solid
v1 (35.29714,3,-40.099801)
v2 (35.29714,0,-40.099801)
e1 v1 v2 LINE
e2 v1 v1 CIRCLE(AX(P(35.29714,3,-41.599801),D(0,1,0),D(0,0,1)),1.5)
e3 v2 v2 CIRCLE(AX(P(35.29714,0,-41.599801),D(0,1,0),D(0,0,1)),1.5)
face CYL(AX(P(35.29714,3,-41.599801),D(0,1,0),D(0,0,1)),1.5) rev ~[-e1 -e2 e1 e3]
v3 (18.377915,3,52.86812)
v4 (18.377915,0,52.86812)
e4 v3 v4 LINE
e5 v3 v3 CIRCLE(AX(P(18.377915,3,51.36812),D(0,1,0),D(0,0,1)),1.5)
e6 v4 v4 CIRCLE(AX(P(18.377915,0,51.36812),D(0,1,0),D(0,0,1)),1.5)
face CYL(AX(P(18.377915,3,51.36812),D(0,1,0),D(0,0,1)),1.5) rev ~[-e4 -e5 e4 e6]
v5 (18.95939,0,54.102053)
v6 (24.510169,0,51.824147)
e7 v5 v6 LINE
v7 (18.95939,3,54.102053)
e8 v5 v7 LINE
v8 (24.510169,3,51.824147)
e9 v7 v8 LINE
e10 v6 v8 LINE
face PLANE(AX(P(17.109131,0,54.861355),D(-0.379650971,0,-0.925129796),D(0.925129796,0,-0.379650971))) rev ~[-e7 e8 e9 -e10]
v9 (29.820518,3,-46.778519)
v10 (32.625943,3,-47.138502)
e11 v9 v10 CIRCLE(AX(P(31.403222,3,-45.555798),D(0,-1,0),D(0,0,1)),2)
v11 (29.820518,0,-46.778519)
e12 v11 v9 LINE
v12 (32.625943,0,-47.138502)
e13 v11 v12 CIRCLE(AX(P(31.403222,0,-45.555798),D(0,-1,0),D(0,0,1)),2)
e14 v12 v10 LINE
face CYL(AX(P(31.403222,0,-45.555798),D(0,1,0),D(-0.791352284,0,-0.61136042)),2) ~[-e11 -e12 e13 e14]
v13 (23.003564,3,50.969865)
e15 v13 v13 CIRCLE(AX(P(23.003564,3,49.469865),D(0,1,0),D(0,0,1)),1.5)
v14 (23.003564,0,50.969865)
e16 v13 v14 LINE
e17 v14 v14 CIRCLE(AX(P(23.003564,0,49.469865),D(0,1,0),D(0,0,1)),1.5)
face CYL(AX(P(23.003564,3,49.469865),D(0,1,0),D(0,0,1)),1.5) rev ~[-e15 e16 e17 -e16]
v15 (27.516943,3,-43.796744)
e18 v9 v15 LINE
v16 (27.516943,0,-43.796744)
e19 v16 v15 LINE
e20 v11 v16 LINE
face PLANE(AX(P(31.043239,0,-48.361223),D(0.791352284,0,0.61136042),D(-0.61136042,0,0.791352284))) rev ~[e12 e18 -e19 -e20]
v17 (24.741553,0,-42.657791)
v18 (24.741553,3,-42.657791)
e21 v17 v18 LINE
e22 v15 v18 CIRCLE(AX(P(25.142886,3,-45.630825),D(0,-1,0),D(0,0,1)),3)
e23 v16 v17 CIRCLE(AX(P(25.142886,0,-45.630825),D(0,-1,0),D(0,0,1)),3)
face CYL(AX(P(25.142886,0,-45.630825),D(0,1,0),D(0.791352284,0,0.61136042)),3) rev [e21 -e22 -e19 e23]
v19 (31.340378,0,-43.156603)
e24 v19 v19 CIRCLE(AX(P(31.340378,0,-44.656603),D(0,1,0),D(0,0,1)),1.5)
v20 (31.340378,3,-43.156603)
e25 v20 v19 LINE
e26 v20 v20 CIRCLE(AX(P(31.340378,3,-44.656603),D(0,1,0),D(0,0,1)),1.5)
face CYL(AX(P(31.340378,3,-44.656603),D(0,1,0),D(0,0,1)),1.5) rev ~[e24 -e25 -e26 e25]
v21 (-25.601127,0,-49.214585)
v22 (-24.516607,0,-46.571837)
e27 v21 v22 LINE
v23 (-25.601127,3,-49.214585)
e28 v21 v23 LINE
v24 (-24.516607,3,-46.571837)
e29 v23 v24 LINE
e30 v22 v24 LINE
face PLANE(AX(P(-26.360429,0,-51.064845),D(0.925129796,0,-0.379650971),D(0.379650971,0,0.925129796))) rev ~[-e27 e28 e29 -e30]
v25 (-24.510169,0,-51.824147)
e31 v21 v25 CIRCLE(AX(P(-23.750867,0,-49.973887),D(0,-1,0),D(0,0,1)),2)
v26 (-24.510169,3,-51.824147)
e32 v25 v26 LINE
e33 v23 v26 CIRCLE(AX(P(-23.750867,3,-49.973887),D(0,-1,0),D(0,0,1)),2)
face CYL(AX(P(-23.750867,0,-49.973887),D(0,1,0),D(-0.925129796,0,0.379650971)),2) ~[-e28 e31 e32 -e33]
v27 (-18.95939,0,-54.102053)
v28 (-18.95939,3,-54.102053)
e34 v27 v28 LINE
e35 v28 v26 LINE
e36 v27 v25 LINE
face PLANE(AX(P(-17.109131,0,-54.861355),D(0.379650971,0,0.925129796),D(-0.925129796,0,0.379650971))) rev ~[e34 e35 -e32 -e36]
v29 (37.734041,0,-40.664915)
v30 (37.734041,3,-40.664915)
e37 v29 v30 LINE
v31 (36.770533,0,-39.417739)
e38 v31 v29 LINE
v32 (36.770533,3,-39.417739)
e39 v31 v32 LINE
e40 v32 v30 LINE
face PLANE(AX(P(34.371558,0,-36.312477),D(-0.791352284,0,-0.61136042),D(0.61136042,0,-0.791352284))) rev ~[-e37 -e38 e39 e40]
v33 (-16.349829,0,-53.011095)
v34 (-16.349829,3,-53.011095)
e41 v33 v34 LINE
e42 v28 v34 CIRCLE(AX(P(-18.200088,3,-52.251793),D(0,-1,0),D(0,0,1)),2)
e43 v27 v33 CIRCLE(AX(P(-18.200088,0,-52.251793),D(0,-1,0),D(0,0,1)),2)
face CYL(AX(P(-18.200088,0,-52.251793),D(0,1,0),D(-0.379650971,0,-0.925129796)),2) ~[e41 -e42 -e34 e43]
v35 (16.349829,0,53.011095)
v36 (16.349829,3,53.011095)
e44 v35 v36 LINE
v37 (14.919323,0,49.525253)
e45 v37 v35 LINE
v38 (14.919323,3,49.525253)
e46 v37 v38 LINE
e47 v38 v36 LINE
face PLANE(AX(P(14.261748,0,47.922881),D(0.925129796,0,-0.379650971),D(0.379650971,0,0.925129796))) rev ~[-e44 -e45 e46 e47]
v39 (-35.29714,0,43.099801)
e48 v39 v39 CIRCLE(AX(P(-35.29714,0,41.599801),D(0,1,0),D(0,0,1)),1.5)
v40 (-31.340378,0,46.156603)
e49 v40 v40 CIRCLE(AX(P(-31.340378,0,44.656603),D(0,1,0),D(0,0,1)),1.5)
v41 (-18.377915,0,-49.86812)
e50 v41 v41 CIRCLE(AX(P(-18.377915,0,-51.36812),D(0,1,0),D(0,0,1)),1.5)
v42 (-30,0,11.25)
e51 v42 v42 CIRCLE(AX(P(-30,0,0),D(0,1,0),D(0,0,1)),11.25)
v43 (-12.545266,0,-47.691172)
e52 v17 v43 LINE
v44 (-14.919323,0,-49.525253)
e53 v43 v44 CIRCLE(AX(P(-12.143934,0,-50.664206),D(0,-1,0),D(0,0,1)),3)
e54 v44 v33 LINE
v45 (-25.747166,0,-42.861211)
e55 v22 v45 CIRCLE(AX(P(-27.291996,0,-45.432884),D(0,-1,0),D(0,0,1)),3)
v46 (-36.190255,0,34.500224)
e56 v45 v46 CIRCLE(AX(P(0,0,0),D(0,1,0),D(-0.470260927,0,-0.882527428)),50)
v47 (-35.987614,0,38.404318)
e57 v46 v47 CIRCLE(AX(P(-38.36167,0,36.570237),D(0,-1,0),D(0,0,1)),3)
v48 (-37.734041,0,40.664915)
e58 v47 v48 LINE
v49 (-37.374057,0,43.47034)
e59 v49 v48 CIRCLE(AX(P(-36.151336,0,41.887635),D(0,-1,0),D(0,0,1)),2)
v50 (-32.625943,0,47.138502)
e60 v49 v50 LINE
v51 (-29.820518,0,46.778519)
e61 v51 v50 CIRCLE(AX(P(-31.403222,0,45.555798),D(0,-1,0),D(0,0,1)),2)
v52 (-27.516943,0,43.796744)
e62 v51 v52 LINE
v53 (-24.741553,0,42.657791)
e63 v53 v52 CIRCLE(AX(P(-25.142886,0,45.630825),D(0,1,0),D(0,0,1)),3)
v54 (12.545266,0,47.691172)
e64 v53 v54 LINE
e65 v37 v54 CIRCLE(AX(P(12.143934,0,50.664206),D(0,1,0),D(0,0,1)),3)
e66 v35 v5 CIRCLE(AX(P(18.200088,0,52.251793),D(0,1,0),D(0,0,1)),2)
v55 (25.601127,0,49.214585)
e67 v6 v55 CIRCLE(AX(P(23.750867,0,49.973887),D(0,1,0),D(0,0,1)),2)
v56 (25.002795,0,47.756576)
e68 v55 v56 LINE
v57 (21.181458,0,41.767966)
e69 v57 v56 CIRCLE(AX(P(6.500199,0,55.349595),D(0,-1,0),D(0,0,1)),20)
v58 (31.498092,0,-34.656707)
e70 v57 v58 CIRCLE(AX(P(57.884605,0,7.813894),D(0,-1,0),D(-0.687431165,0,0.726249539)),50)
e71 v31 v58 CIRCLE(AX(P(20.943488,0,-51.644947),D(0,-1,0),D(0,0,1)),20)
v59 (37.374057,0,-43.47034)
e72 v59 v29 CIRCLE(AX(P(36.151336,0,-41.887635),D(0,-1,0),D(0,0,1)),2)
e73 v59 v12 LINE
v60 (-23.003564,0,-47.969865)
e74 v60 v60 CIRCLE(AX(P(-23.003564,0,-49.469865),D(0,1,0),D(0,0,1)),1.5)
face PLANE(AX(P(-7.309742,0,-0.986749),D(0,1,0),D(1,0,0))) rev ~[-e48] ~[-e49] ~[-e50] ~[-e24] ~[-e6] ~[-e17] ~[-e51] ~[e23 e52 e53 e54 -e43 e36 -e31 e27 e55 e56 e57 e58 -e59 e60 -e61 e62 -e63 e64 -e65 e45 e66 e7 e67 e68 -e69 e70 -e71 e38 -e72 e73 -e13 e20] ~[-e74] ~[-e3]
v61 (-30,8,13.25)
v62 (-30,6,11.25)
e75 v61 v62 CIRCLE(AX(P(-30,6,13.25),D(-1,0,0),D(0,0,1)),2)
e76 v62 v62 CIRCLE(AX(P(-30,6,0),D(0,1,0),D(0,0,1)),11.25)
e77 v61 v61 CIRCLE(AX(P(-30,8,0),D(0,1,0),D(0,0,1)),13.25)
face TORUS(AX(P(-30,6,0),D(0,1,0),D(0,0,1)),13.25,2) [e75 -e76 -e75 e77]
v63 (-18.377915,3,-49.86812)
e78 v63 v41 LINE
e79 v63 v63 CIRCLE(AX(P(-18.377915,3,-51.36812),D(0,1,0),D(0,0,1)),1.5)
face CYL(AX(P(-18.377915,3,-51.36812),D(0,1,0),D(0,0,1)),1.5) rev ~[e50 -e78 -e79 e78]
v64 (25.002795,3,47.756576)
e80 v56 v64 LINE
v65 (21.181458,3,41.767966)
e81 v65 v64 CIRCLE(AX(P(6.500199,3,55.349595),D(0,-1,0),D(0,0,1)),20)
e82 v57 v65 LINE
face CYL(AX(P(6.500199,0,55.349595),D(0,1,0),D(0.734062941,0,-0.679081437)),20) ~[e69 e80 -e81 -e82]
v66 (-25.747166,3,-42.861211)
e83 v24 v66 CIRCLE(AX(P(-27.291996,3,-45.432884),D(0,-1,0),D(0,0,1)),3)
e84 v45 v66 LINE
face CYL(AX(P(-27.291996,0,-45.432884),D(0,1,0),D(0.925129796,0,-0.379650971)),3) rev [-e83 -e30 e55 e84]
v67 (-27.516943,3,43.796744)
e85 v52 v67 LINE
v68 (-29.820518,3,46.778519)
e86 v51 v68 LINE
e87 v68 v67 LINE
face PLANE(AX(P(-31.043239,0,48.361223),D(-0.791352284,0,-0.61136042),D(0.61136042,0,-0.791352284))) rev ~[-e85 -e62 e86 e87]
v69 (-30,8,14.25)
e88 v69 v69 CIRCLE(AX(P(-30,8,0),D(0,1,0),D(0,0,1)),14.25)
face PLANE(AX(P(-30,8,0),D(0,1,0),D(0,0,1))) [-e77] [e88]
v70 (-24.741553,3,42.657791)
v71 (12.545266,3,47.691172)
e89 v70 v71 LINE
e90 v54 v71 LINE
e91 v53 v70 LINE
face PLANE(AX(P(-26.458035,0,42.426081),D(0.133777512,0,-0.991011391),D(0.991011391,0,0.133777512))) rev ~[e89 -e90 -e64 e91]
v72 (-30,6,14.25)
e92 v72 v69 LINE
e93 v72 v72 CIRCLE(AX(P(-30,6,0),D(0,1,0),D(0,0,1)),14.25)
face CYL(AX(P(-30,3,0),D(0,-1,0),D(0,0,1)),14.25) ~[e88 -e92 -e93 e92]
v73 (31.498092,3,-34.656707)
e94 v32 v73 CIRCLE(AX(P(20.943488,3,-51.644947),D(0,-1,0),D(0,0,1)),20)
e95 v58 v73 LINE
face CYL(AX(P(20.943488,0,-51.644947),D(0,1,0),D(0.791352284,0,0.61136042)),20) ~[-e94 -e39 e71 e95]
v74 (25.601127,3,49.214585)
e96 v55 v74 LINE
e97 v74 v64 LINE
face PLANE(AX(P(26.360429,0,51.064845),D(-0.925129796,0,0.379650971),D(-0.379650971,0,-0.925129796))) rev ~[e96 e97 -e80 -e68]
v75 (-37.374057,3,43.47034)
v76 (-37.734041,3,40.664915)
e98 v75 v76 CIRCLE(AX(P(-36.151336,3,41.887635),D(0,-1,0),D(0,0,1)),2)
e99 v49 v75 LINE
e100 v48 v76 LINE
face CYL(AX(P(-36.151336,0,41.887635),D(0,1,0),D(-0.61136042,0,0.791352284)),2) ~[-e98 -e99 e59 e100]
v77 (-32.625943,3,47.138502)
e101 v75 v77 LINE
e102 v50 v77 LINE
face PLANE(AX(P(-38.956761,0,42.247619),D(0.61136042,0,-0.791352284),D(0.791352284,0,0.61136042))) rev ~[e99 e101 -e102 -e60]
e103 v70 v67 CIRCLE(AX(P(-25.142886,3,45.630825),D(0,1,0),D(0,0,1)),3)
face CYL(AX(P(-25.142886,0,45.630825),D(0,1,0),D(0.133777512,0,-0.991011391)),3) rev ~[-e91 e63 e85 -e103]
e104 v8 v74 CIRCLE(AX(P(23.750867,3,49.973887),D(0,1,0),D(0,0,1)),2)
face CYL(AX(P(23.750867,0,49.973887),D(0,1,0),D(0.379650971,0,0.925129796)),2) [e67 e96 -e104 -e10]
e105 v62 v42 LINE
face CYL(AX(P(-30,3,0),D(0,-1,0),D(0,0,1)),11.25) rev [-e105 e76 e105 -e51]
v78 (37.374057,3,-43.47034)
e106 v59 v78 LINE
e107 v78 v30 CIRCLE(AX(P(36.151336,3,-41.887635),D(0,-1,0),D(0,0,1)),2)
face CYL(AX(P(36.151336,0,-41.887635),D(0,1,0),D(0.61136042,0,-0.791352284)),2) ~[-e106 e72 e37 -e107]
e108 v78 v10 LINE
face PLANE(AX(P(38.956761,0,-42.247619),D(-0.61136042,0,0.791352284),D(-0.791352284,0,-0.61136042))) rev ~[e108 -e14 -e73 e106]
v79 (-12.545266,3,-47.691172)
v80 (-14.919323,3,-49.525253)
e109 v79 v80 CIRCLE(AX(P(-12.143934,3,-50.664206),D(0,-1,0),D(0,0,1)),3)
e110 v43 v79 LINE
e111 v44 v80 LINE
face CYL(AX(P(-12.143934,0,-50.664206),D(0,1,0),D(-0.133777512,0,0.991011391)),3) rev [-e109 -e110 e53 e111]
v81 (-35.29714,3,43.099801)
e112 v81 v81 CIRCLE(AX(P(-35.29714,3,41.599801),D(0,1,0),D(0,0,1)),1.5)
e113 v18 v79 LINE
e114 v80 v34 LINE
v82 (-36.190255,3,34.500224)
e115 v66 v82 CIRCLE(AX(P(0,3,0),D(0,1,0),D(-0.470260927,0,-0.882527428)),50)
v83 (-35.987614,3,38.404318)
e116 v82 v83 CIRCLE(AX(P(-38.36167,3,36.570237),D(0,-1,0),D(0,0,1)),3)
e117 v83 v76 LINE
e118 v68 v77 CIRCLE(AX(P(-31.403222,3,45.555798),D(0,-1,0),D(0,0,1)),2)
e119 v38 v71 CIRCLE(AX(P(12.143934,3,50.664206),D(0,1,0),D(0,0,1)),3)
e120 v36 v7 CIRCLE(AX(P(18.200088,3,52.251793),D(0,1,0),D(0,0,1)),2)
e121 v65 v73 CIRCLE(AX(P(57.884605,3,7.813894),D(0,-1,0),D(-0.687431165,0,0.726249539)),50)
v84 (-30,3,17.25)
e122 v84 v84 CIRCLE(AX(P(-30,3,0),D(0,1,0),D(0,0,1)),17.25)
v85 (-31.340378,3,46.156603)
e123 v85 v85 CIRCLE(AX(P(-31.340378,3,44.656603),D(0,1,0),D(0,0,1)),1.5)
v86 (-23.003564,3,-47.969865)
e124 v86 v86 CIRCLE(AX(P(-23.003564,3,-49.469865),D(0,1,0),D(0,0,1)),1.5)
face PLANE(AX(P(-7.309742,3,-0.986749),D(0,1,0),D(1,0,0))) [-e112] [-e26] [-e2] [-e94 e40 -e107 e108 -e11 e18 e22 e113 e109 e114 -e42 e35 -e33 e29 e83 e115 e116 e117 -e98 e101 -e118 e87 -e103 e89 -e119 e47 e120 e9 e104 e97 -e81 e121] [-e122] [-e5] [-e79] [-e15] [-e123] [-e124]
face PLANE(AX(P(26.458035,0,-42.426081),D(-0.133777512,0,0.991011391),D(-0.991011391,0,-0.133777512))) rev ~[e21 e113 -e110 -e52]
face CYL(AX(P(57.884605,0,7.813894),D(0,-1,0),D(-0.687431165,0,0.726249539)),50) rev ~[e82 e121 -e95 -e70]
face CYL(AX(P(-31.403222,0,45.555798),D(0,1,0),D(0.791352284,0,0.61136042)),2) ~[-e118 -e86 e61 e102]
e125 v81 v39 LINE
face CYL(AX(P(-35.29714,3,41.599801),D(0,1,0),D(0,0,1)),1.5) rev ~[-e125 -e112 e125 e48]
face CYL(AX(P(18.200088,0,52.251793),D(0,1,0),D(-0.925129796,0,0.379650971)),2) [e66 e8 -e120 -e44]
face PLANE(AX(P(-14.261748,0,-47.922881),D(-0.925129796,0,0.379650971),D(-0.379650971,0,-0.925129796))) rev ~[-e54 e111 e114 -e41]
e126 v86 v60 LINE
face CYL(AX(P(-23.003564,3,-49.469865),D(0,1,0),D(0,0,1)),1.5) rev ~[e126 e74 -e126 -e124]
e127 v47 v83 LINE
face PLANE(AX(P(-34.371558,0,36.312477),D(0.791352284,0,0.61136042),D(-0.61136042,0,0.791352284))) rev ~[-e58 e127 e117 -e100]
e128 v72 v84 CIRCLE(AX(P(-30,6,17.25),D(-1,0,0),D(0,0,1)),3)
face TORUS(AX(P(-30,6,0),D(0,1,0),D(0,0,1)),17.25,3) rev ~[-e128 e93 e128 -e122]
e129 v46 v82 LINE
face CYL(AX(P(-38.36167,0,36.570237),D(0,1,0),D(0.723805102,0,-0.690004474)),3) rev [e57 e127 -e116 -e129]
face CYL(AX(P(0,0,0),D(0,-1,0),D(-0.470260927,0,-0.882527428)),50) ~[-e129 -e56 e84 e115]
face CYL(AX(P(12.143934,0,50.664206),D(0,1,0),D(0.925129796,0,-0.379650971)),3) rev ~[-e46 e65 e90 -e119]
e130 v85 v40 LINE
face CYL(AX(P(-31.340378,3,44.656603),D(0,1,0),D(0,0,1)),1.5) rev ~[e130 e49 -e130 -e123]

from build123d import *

# Parameters (mm, degrees)
BOSS_EXTRUDE1_DEPTH   = 3
BOSS_EXTRUDE1_2_DEPTH = 3
BOSS_EXTRUDE1_3_DEPTH = 3
BOSS_EXTRUDE1_4_DEPTH = 3
BOSS_EXTRUDE2_START   = -3
SKETCH2_R             = 11.25
BOSS_EXTRUDE2_DEPTH   = 3
CUT_EXTRUDE1_REACH    = 76.288
SKETCH3_R             = 1.5
FILLET1_R             = 2
SKETCH4_R             = 14.25
SKETCH4_R_2           = 11.25
BOSS_EXTRUDE3_DEPTH   = 5
FILLET3_R             = 2
FILLET2_R             = 3
CUT_EXTRUDE2_REACH    = 76.396
SKETCH6_R             = 1.5
FILLET4_R             = 2
CUT_EXTRUDE3_REACH    = 76.396
SKETCH7_R             = 1.5
FILLET5_R             = 2
CUT_EXTRUDE4_REACH    = 75.948
SKETCH8_R             = 1.5
FILLET6_R             = 2
FILLET7_R             = 3
FILLET8_R             = 20


with BuildPart() as part:
    # Sketch1 → Boss-Extrude1 (new body)
    with BuildSketch(Plane(origin=(0, 0, 0), x_dir=(1, 0, 0), z_dir=(0, 1, 0))):
        with BuildLine():
            Line((-34.371558273, -36.312476945), (-38.95676142, -42.247619075))
            Line((-38.95676142, -42.247619075), (-31.04323858, -48.361223271))
            Line((-31.04323858, -48.361223271), (-26.458035433, -42.426081141))
            ThreePointArc((-26.458035433, -42.426081141), (-30.568020981, -39.567614198), (-34.371558273, -36.312476945))
        make_face()
    extrude(amount=BOSS_EXTRUDE1_DEPTH)



with BuildPart() as body_2:
    # Sketch1 → Boss-Extrude1 2 (new body)
    with BuildSketch(Plane(origin=(0, 0, 0), x_dir=(1, 0, 0), z_dir=(0, 1, 0))):
        with BuildLine():
            Line((14.261748373, -47.922881104), (17.109130658, -54.861354576))
            Line((17.109130658, -54.861354576), (26.360428621, -51.064844862))
            Line((26.360428621, -51.064844862), (23.513046335, -44.12637139))
            ThreePointArc((23.513046335, -44.12637139), (18.982548572, -46.256489812), (14.261748373, -47.922881104))
        make_face()
    extrude(amount=BOSS_EXTRUDE1_2_DEPTH)


with BuildPart() as body_3:
    # Sketch1 → Boss-Extrude1 3 (new body)
    with BuildSketch(Plane(origin=(0, 0, 0), x_dir=(1, 0, 0), z_dir=(0, 1, 0))):
        with BuildLine():
            Line((34.371558273, 36.312476945), (38.95676142, 42.247619075))
            Line((38.95676142, 42.247619075), (31.04323858, 48.361223271))
            Line((31.04323858, 48.361223271), (26.458035433, 42.426081141))
            ThreePointArc((26.458035433, 42.426081141), (30.568020981, 39.567614198), (34.371558273, 36.312476945))
        make_face()
    extrude(amount=BOSS_EXTRUDE1_3_DEPTH)


with BuildPart() as body_4:
    # Sketch1 → Boss-Extrude1 4 (new body)
    with BuildSketch(Plane(origin=(0, 0, 0), x_dir=(1, 0, 0), z_dir=(0, 1, 0))):
        with BuildLine():
            Line((-14.261748373, 47.922881104), (-17.109130658, 54.861354576))
            Line((-17.109130658, 54.861354576), (-26.360428621, 51.064844862))
            Line((-26.360428621, 51.064844862), (-23.513046335, 44.12637139))
            ThreePointArc((-23.513046335, 44.12637139), (-18.982548572, 46.256489812), (-14.261748373, 47.922881104))
        make_face()
    extrude(amount=BOSS_EXTRUDE1_4_DEPTH)


with BuildPart() as part_1:
    add(part.part)

    add(body_2.part)  # Boss-Extrude2 merges body 2

    add(body_3.part)  # Boss-Extrude2 merges body 3

    add(body_4.part)  # Boss-Extrude2 merges body 4
    # Sketch2 → Boss-Extrude2 (add)
    with BuildSketch(Plane(origin=(0, 3, 0), x_dir=(1, 0, 0), z_dir=(0, 1, 0)).offset(BOSS_EXTRUDE2_START)):
        with BuildLine():
            Line((-26.458035433, -42.426081141), (14.261748373, -47.922881104))
            ThreePointArc((14.261748373, -47.922881104), (18.982548572, -46.256489812), (23.513046335, -44.12637139))
            ThreePointArc((23.513046335, -44.12637139), (8.334035055, -1.125018831), (34.371558273, 36.312476945))
            ThreePointArc((34.371558273, 36.312476945), (30.568020981, 39.567614198), (26.458035433, 42.426081141))
            Line((26.458035433, 42.426081141), (-14.261748373, 47.922881104))
            ThreePointArc((-14.261748373, 47.922881104), (-18.982548572, 46.256489812), (-23.513046335, 44.12637139))
            ThreePointArc((-23.513046335, 44.12637139), (-49.550569553, 6.688875614), (-34.371558273, -36.312476945))
            ThreePointArc((-34.371558273, -36.312476945), (-30.568020981, -39.567614198), (-26.458035433, -42.426081141))
        make_face()
        with Locations(Location((-30, 0, 0), (0, 0, 270))):
            Circle(SKETCH2_R, mode=Mode.SUBTRACT)
    extrude(amount=BOSS_EXTRUDE2_DEPTH)

    # Sketch3 → Cut-Extrude1 (cut, up to next)
    with BuildSketch(Plane(origin=(0, 3, 0), x_dir=(1, 0, 0), z_dir=(0, 1, 0)), mode=Mode.PRIVATE) as cut_extrude1_sk1:
        with Locations(Location((-35.297139556, -41.599801343, 0), (0, 0, 270))):
            Circle(SKETCH3_R)
    cut_extrude1_tool1 = extrude(cut_extrude1_sk1.sketch, amount=-CUT_EXTRUDE1_REACH, mode=Mode.PRIVATE) & part_1.part
    # Sketch3 → Cut-Extrude1 (cut, up to next)
    with BuildSketch(Plane(origin=(0, 3, 0), x_dir=(1, 0, 0), z_dir=(0, 1, 0)), mode=Mode.PRIVATE) as cut_extrude1_sk2:
        with Locations(Location((-31.340378136, -44.656603441, 0), (0, 0, 270))):
            Circle(SKETCH3_R)
    cut_extrude1_tool2 = extrude(cut_extrude1_sk2.sketch, amount=-CUT_EXTRUDE1_REACH, mode=Mode.PRIVATE) & part_1.part
    add(cut_extrude1_tool1.solids().sort_by_distance((-35.29714, 3, 41.599801))[0], mode=Mode.SUBTRACT)
    add(cut_extrude1_tool2.solids().sort_by_distance((-31.340378, 3, 44.656603))[0], mode=Mode.SUBTRACT)

    # Fillet1
    fillet1_edges = [part_1.edges().sort_by_distance(p)[0] for p in [
        (-31.04323858, 1.5, 48.361223271),
        (-38.95676142, 1.5, 42.247619075),
    ]]
    fillet(fillet1_edges, radius=FILLET1_R)

    # Sketch4 → Boss-Extrude3 (add)
    with BuildSketch(Plane(origin=(0, 3, 0), x_dir=(1, 0, 0), z_dir=(0, 1, 0))):
        with Locations(Location((-30, 0, 0), (0, 0, 270))):
            Circle(SKETCH4_R)
        with Locations(Location((-30, 0, 0), (0, 0, 270))):
            Circle(SKETCH4_R_2, mode=Mode.SUBTRACT)
    extrude(amount=BOSS_EXTRUDE3_DEPTH)

    # Fillet3
    fillet3_edges = [part_1.edges().sort_by_distance(p)[0] for p in [
        (-30, 8, -11.25),
    ]]
    fillet(fillet3_edges, radius=FILLET3_R)

    # Fillet2
    fillet2_edges = [part_1.edges().sort_by_distance(p)[0] for p in [
        (-30, 3, -14.25),
    ]]
    fillet(fillet2_edges, radius=FILLET2_R)

    # Sketch6 → Cut-Extrude2 (cut, up to next)
    with BuildSketch(Plane(origin=(0, 3, 0), x_dir=(1, 0, 0), z_dir=(0, 1, 0)), mode=Mode.PRIVATE) as cut_extrude2_sk1:
        with Locations(Location((18.377914978, -51.368120208, 0), (0, 0, 270))):
            Circle(SKETCH6_R)
    cut_extrude2_tool1 = extrude(cut_extrude2_sk1.sketch, amount=-CUT_EXTRUDE2_REACH, mode=Mode.PRIVATE) & part_1.part
    # Sketch6 → Cut-Extrude2 (cut, up to next)
    with BuildSketch(Plane(origin=(0, 3, 0), x_dir=(1, 0, 0), z_dir=(0, 1, 0)), mode=Mode.PRIVATE) as cut_extrude2_sk2:
        with Locations(Location((23.003563959, -49.469865351, 0), (0, 0, 270))):
            Circle(SKETCH6_R)
    cut_extrude2_tool2 = extrude(cut_extrude2_sk2.sketch, amount=-CUT_EXTRUDE2_REACH, mode=Mode.PRIVATE) & part_1.part
    add(cut_extrude2_tool1.solids().sort_by_distance((18.377915, 3, 51.36812))[0], mode=Mode.SUBTRACT)
    add(cut_extrude2_tool2.solids().sort_by_distance((23.003564, 3, 49.469865))[0], mode=Mode.SUBTRACT)

    # Fillet4
    fillet4_edges = [part_1.edges().sort_by_distance(p)[0] for p in [
        (17.109130658, 1.5, 54.861354576),
        (26.360428621, 1.5, 51.064844862),
    ]]
    fillet(fillet4_edges, radius=FILLET4_R)

    # Sketch7 → Cut-Extrude3 (cut, up to next)
    with BuildSketch(Plane(origin=(0, 3, 0), x_dir=(1, 0, 0), z_dir=(0, 1, 0)), mode=Mode.PRIVATE) as cut_extrude3_sk1:
        with Locations(Location((-18.377914978, 51.368120208, 0), (0, 0, 270))):
            Circle(SKETCH7_R)
    cut_extrude3_tool1 = extrude(cut_extrude3_sk1.sketch, amount=-CUT_EXTRUDE3_REACH, mode=Mode.PRIVATE) & part_1.part
    # Sketch7 → Cut-Extrude3 (cut, up to next)
    with BuildSketch(Plane(origin=(0, 3, 0), x_dir=(1, 0, 0), z_dir=(0, 1, 0)), mode=Mode.PRIVATE) as cut_extrude3_sk2:
        with Locations(Location((-23.003563959, 49.469865351, 0), (0, 0, 270))):
            Circle(SKETCH7_R)
    cut_extrude3_tool2 = extrude(cut_extrude3_sk2.sketch, amount=-CUT_EXTRUDE3_REACH, mode=Mode.PRIVATE) & part_1.part
    add(cut_extrude3_tool1.solids().sort_by_distance((-18.377915, 3, -51.36812))[0], mode=Mode.SUBTRACT)
    add(cut_extrude3_tool2.solids().sort_by_distance((-23.003564, 3, -49.469865))[0], mode=Mode.SUBTRACT)

    # Fillet5
    fillet5_edges = [part_1.edges().sort_by_distance(p)[0] for p in [
        (-17.109130658, 1.5, -54.861354576),
        (-26.360428621, 1.5, -51.064844862),
    ]]
    fillet(fillet5_edges, radius=FILLET5_R)

    # Sketch8 → Cut-Extrude4 (cut, up to next)
    with BuildSketch(Plane(origin=(0, 3, 0), x_dir=(1, 0, 0), z_dir=(0, 1, 0)), mode=Mode.PRIVATE) as cut_extrude4_sk1:
        with Locations(Location((35.297139556, 41.599801343, 0), (0, 0, 270))):
            Circle(SKETCH8_R)
    cut_extrude4_tool1 = extrude(cut_extrude4_sk1.sketch, amount=-CUT_EXTRUDE4_REACH, mode=Mode.PRIVATE) & part_1.part
    # Sketch8 → Cut-Extrude4 (cut, up to next)
    with BuildSketch(Plane(origin=(0, 3, 0), x_dir=(1, 0, 0), z_dir=(0, 1, 0)), mode=Mode.PRIVATE) as cut_extrude4_sk2:
        with Locations(Location((31.340378136, 44.656603441, 0), (0, 0, 270))):
            Circle(SKETCH8_R)
    cut_extrude4_tool2 = extrude(cut_extrude4_sk2.sketch, amount=-CUT_EXTRUDE4_REACH, mode=Mode.PRIVATE) & part_1.part
    add(cut_extrude4_tool1.solids().sort_by_distance((35.29714, 3, -41.599801))[0], mode=Mode.SUBTRACT)
    add(cut_extrude4_tool2.solids().sort_by_distance((31.340378, 3, -44.656603))[0], mode=Mode.SUBTRACT)

    # Fillet6
    fillet6_edges = [part_1.edges().sort_by_distance(p)[0] for p in [
        (38.95676142, 1.5, -42.247619075),
        (31.04323858, 1.5, -48.361223271),
    ]]
    fillet(fillet6_edges, radius=FILLET6_R)

    # Fillet7
    fillet7_edges = [part_1.edges().sort_by_distance(p)[0] for p in [
        (14.261748373, 1.5, 47.922881104),
        (26.458035433, 1.5, -42.426081141),
        (-14.261748373, 1.5, -47.922881104),
        (-23.513046335, 1.5, -44.12637139),
        (-26.458035433, 1.5, 42.426081141),
        (-34.371558273, 1.5, 36.312476945),
    ]]
    fillet(fillet7_edges, radius=FILLET7_R)

    # Fillet8
    fillet8_edges = [part_1.edges().sort_by_distance(p)[0] for p in [
        (23.513046335, 1.5, 44.12637139),
        (34.371558273, 1.5, -36.312476945),
    ]]
    fillet(fillet8_edges, radius=FILLET8_R)


solid = part_1.part
